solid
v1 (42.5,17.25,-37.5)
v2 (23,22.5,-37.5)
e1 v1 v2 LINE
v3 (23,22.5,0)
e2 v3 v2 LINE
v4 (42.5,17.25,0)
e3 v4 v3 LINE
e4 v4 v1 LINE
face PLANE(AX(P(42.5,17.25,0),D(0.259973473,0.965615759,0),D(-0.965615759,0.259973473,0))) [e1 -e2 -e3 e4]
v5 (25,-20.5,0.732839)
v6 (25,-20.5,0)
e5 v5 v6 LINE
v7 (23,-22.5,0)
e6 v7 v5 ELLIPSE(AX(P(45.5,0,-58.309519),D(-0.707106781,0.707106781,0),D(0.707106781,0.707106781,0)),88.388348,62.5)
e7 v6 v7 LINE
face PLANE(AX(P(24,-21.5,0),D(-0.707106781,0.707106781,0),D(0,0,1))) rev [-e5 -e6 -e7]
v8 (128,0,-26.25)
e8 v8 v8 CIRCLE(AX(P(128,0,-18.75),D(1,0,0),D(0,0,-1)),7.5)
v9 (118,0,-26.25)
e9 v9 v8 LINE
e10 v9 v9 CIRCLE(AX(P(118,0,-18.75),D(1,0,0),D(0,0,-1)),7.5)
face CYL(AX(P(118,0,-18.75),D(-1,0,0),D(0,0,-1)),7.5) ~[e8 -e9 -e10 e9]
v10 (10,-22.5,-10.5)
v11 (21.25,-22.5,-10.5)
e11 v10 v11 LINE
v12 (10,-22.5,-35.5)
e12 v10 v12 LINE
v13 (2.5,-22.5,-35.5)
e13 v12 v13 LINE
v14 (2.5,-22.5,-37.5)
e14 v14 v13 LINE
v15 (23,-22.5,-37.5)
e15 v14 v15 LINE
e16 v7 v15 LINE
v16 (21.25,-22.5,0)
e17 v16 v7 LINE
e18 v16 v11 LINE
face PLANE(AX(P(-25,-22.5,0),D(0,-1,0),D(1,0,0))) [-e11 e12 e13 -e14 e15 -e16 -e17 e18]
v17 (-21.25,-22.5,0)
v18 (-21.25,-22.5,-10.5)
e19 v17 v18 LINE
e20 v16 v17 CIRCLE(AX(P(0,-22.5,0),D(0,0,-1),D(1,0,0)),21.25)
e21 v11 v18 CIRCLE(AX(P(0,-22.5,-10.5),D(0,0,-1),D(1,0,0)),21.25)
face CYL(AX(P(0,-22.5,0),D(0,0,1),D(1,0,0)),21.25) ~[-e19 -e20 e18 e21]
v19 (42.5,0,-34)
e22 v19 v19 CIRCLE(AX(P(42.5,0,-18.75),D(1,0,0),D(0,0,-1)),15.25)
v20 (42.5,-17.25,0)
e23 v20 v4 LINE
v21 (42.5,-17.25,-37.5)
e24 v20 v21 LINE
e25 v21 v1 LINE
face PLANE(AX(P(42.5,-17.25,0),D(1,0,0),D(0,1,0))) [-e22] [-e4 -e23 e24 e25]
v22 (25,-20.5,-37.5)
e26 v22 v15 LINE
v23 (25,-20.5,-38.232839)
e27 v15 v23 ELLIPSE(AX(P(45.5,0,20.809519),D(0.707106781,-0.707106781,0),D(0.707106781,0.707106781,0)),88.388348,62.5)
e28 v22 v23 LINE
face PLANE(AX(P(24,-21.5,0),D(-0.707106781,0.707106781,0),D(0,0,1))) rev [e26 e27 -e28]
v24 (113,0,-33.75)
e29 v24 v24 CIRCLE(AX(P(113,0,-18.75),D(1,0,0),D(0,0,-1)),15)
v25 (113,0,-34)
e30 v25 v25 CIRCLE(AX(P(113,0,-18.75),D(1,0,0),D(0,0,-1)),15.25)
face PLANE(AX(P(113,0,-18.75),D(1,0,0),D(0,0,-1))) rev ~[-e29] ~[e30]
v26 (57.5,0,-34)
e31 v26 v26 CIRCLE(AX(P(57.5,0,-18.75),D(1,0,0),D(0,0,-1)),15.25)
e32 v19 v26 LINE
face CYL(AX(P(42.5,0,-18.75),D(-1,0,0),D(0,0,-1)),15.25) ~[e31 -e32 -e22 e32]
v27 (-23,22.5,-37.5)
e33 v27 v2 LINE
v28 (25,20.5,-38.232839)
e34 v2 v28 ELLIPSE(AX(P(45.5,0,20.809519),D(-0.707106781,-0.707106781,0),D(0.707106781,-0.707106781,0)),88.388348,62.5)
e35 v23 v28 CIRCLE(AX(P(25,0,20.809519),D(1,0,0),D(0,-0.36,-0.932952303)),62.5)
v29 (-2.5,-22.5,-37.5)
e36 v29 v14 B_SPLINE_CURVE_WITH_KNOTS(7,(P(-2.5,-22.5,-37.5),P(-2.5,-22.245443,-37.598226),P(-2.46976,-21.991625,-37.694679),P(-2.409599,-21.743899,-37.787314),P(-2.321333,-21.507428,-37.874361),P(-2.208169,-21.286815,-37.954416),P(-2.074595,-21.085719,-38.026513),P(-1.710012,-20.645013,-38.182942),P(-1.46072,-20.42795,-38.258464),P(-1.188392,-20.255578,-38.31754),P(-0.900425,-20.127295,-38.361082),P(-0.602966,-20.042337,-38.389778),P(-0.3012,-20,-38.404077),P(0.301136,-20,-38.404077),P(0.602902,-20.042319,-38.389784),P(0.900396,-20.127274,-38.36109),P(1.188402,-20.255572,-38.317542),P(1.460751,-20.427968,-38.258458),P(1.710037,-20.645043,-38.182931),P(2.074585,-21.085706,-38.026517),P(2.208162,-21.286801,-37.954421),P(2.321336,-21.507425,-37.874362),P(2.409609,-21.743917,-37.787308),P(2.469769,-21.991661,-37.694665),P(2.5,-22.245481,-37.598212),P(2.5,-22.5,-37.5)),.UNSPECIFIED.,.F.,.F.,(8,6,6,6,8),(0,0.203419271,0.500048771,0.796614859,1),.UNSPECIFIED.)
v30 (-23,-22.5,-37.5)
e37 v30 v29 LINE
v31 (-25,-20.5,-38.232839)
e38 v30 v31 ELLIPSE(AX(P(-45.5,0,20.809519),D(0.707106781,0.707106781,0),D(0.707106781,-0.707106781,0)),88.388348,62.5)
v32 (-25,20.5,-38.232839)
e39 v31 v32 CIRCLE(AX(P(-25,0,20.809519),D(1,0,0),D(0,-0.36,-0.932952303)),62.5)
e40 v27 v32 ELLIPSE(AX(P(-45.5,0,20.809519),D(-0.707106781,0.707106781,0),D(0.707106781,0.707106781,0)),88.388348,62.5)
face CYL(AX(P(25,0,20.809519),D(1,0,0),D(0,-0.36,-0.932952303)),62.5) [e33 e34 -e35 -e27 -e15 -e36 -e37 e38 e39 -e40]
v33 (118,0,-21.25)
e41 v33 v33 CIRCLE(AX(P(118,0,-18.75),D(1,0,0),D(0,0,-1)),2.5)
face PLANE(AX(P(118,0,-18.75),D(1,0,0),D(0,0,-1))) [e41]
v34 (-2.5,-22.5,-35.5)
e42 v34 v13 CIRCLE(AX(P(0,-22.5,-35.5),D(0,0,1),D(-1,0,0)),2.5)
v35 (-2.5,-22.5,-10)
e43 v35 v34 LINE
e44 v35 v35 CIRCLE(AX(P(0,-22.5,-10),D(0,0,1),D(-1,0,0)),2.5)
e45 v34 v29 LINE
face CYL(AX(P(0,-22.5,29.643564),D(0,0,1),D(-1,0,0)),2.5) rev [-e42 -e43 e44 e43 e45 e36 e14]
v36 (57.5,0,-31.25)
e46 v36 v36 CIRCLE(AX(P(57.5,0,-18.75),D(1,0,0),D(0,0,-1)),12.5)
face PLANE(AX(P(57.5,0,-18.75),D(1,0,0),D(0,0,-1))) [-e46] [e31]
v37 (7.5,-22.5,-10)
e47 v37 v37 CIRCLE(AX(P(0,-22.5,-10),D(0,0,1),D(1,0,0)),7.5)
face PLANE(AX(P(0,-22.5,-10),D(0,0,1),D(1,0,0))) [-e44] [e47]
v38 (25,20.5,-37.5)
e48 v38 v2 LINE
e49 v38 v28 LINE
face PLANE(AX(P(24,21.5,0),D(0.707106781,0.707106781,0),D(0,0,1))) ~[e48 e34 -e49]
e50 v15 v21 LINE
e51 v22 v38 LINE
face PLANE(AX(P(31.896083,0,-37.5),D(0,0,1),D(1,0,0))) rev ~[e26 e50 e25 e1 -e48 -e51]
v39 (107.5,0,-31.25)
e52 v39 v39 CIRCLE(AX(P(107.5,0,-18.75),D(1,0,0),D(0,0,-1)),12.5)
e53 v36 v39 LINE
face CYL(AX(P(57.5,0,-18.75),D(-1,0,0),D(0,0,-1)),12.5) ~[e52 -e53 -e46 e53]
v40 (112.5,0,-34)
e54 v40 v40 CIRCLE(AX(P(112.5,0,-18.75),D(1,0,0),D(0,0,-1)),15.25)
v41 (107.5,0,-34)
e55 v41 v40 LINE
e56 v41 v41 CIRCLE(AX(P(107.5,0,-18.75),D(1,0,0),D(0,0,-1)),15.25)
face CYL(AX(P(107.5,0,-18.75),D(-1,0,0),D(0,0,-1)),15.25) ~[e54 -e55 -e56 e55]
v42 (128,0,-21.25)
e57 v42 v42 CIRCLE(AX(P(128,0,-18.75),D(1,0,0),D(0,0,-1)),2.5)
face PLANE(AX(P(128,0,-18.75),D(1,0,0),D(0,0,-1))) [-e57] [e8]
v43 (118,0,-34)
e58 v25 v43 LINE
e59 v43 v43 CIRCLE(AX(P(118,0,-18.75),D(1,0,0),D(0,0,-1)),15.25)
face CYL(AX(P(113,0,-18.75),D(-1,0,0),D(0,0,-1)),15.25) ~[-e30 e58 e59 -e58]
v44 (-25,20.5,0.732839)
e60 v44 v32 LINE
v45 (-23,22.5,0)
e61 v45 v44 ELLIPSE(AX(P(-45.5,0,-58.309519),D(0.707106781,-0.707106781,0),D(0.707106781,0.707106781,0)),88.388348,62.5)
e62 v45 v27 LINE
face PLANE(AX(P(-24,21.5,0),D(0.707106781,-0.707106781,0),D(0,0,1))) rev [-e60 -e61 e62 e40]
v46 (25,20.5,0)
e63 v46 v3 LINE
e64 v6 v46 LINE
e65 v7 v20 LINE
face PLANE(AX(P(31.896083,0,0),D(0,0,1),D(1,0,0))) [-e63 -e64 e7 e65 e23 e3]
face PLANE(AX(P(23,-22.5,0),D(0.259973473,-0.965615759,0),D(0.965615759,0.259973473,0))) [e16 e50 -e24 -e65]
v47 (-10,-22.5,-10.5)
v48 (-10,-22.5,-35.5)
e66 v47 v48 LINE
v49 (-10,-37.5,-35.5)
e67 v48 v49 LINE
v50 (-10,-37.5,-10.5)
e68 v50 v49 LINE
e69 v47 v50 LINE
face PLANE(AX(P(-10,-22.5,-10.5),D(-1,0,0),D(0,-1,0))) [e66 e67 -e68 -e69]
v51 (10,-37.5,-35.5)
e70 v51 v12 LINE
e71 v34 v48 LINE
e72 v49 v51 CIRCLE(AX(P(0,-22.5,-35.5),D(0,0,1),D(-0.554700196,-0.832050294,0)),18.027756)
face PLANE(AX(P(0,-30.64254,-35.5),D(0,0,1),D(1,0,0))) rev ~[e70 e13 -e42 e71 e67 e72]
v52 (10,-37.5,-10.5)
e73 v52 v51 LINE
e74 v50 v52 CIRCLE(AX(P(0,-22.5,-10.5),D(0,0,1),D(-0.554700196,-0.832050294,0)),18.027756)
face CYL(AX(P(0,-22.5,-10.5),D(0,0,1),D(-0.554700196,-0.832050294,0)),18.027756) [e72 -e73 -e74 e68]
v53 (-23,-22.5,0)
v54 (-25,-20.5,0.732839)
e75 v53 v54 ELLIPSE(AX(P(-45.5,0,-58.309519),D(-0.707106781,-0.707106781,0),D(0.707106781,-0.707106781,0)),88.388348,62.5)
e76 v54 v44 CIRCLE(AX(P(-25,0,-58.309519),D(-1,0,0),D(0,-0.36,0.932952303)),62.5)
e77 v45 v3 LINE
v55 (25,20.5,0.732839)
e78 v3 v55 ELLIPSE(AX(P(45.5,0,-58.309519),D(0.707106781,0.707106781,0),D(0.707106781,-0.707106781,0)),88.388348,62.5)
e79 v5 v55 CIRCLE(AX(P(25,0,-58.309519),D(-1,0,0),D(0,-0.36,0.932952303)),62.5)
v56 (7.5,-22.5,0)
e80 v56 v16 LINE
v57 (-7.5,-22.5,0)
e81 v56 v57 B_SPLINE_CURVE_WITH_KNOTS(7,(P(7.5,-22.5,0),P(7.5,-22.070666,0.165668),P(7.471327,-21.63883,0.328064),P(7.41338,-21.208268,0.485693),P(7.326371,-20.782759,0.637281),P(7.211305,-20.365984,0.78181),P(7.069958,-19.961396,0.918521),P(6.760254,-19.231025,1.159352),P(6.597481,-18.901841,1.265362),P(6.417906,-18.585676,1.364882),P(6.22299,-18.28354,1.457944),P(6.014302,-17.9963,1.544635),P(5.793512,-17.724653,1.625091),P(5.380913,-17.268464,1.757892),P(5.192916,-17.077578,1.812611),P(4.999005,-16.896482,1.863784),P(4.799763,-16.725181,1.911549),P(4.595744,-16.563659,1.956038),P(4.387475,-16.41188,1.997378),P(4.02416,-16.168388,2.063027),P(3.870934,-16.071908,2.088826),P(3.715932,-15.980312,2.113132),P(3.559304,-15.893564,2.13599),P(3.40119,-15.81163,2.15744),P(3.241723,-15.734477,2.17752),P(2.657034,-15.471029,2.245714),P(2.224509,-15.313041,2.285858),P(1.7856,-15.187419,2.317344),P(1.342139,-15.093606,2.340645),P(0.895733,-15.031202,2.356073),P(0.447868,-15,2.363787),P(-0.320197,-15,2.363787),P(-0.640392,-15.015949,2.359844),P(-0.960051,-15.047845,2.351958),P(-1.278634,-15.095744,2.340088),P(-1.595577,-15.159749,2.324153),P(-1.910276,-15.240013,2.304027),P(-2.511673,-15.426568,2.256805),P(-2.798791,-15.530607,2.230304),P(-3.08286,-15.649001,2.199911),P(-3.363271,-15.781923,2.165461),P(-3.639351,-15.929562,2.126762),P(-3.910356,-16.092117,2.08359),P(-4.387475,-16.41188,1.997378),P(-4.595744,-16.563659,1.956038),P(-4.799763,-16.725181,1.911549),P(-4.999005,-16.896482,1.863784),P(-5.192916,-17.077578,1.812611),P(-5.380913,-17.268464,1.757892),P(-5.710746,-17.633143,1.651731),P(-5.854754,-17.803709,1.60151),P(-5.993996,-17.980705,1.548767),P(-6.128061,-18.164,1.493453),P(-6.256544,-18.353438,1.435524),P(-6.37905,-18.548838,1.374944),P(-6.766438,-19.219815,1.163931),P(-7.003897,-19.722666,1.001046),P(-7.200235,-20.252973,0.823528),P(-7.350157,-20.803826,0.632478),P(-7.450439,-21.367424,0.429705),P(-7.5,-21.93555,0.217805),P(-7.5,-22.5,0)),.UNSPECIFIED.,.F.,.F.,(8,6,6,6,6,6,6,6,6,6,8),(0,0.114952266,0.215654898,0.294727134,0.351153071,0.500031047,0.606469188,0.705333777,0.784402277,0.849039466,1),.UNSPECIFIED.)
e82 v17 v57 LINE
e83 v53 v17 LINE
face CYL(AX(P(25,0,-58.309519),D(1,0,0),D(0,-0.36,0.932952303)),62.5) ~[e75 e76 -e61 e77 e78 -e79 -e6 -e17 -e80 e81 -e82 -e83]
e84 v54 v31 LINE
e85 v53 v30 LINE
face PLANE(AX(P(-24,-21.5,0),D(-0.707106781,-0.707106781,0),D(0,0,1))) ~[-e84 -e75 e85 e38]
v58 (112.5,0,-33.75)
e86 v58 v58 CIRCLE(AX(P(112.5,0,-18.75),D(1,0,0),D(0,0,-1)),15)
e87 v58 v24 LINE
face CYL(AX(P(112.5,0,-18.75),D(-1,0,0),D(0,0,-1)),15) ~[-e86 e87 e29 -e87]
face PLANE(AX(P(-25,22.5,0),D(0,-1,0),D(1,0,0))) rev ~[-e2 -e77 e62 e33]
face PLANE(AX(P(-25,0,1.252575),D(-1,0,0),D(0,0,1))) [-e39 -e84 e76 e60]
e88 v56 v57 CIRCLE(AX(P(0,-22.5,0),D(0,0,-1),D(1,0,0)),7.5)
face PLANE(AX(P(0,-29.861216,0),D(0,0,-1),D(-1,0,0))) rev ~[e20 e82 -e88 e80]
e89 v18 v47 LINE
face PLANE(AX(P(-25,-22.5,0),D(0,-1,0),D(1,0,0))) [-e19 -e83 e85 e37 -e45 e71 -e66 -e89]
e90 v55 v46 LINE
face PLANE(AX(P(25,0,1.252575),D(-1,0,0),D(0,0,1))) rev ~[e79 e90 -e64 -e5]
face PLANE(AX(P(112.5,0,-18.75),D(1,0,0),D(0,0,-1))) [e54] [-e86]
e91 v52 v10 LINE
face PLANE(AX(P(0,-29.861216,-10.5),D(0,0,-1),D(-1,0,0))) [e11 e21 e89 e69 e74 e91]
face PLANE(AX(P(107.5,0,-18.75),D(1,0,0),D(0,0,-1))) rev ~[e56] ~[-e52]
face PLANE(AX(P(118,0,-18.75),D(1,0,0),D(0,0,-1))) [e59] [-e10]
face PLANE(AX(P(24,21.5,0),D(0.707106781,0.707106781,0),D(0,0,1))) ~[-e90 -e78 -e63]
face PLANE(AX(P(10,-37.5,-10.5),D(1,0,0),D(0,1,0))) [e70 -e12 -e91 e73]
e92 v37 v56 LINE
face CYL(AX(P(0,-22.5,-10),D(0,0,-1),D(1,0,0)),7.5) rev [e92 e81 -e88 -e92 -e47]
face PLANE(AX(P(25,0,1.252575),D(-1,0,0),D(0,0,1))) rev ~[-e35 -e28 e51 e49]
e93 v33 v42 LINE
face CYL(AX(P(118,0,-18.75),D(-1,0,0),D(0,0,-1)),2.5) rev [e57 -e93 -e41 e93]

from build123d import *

# Parameters (mm, degrees)
SKETCH2_W               = 50
SKETCH2_H               = 45
BOSS_EXTRUDE1_DEPTH     = 37.5
BOSS_EXTRUDE2_DEPTH     = 50
CHAMFER2_SIZE           = 2
BOSS_EXTRUDE3_DEPTH     = 10.5
BOSS_EXTRUDE4_DEPTH     = 25
CUT_EXTRUDE2_DEPTH      = 65.143563871
CUT_EXTRUDE2_DEPTH_BACK = 65.143563871
SKETCH10_R              = 2.5
BOSS_EXTRUDE6_DEPTH     = 37.5
SKETCH15_R              = 15.25
BOSS_EXTRUDE8_DEPTH     = 15
SKETCH16_R              = 12.5
BOSS_EXTRUDE9_DEPTH     = 50
SKETCH17_R              = 15.25
BOSS_EXTRUDE10_DEPTH    = 5
SKETCH18_R              = 15
BOSS_EXTRUDE11_DEPTH    = 0.5
SKETCH19_R              = 15.25
BOSS_EXTRUDE12_DEPTH    = 5
SKETCH20_R              = 7.5
SKETCH20_R_2            = 2.5
BOSS_EXTRUDE13_DEPTH    = 10
CUT_EXTRUDE3_DEPTH      = 142.549138883
CUT_EXTRUDE3_DEPTH_BACK = 10
SKETCH21_R              = 7.5


with BuildPart() as part:
    # Sketch2 → Boss-Extrude1 (new body)
    with BuildSketch(Plane.XY):
        Rectangle(SKETCH2_W, SKETCH2_H)
    extrude(amount=-BOSS_EXTRUDE1_DEPTH)

    # Sketch3 → Boss-Extrude2 (add, through all)
    with BuildSketch(Plane(origin=(25, 0, 0), x_dir=(0, 0, -1), z_dir=(1, 0, 0))):
        with BuildLine():
            Line((0, 22.5), (0, -22.5))
            ThreePointArc((0, -22.5), (-4.190481052, 0), (0, 22.5))
        make_face()
        with BuildLine():
            Line((37.5, 22.5), (37.5, -22.5))
            ThreePointArc((37.5, -22.5), (41.690481052, 0), (37.5, 22.5))
        make_face()
    extrude(amount=-BOSS_EXTRUDE2_DEPTH)

    # Chamfer2
    chamfer2_edges = [part.edges().sort_by_distance(p)[0] for p in [
        (25, -22.5, -18.75),
        (-25, -22.5, -18.75),
        (-25, 22.5, -18.75),
        (25, 22.5, -18.75),
    ]]
    chamfer(chamfer2_edges, length=CHAMFER2_SIZE)

    # Sketch7 → Boss-Extrude3 (add)
    with BuildSketch(Plane.XY):
        with BuildLine():
            Line((-21.25, -22.5), (21.25, -22.5))
            ThreePointArc((21.25, -22.5), (0, -43.75), (-21.25, -22.5))
        make_face()
    extrude(amount=-BOSS_EXTRUDE3_DEPTH)

    # Sketch8 → Boss-Extrude4 (add)
    with BuildSketch(Plane(origin=(0, 0, -10.5), x_dir=(-1, 0, 0), z_dir=(0, 0, -1))):
        with BuildLine():
            Line((-10, -22.5), (10, -22.5))
            Line((10, -22.5), (10, -37.5))
            ThreePointArc((10, -37.5), (0, -40.527756377), (-10, -37.5))
            Line((-10, -37.5), (-10, -22.5))
        make_face()
    extrude(amount=BOSS_EXTRUDE4_DEPTH)

    # Sketch10 → Cut-Extrude2 (cut, two sides: drawn at the far end of the back side and taken through both)
    with BuildSketch(Plane(origin=(0, 0, -35.5), x_dir=(-1, 0, 0), z_dir=(0, 0, -1)).offset(-CUT_EXTRUDE2_DEPTH_BACK)):
        with Locations((0, -22.5)):
            Circle(SKETCH10_R)
    extrude(amount=CUT_EXTRUDE2_DEPTH + CUT_EXTRUDE2_DEPTH_BACK, mode=Mode.SUBTRACT)

    # Sketch13 → Boss-Extrude6 (add)
    with BuildSketch(Plane.XY):
        Polygon((23, 22.5), (23, -22.5), (42.5, -17.25), (42.5, 0), (42.5, 17.25), align=None)
    extrude(amount=-BOSS_EXTRUDE6_DEPTH)

    # Sketch15 → Boss-Extrude8 (add)
    with BuildSketch(Plane(origin=(42.5, 0, 0), x_dir=(0, 0, -1), z_dir=(1, 0, 0))):
        with Locations((18.75, 0)):
            Circle(SKETCH15_R)
    extrude(amount=BOSS_EXTRUDE8_DEPTH)

    # Sketch16 → Boss-Extrude9 (add)
    with BuildSketch(Plane(origin=(57.5, 0, 0), x_dir=(0, 0, -1), z_dir=(1, 0, 0))):
        with Locations((18.75, 0)):
            Circle(SKETCH16_R)
    extrude(amount=BOSS_EXTRUDE9_DEPTH)

    # Sketch17 → Boss-Extrude10 (add)
    with BuildSketch(Plane(origin=(107.5, 0, 0), x_dir=(0, 0, -1), z_dir=(1, 0, 0))):
        with Locations((18.75, 0)):
            Circle(SKETCH17_R)
    extrude(amount=BOSS_EXTRUDE10_DEPTH)

    # Sketch18 → Boss-Extrude11 (add)
    with BuildSketch(Plane(origin=(112.5, 0, 0), x_dir=(0, 0, -1), z_dir=(1, 0, 0))):
        with Locations((18.75, 0)):
            Circle(SKETCH18_R)
    extrude(amount=BOSS_EXTRUDE11_DEPTH)

    # Sketch19 → Boss-Extrude12 (add)
    with BuildSketch(Plane(origin=(113, 0, 0), x_dir=(0, 0, -1), z_dir=(1, 0, 0))):
        with Locations((18.75, 0)):
            Circle(SKETCH19_R)
    extrude(amount=BOSS_EXTRUDE12_DEPTH)

    # Sketch20 → Boss-Extrude13 (add)
    with BuildSketch(Plane(origin=(118, 0, 0), x_dir=(0, 0, -1), z_dir=(1, 0, 0))):
        with Locations((18.75, 0)):
            Circle(SKETCH20_R)
        with Locations((18.75, 0)):
            Circle(SKETCH20_R_2, mode=Mode.SUBTRACT)
    extrude(amount=BOSS_EXTRUDE13_DEPTH)

    # Sketch21 → Cut-Extrude3 (cut, two sides: drawn at the far end of the back side and taken through both)
    with BuildSketch(Plane.XY.offset(-CUT_EXTRUDE3_DEPTH_BACK)):
        with Locations((0, -22.5)):
            Circle(SKETCH21_R)
    extrude(amount=CUT_EXTRUDE3_DEPTH + CUT_EXTRUDE3_DEPTH_BACK, mode=Mode.SUBTRACT)


solid = part.part
